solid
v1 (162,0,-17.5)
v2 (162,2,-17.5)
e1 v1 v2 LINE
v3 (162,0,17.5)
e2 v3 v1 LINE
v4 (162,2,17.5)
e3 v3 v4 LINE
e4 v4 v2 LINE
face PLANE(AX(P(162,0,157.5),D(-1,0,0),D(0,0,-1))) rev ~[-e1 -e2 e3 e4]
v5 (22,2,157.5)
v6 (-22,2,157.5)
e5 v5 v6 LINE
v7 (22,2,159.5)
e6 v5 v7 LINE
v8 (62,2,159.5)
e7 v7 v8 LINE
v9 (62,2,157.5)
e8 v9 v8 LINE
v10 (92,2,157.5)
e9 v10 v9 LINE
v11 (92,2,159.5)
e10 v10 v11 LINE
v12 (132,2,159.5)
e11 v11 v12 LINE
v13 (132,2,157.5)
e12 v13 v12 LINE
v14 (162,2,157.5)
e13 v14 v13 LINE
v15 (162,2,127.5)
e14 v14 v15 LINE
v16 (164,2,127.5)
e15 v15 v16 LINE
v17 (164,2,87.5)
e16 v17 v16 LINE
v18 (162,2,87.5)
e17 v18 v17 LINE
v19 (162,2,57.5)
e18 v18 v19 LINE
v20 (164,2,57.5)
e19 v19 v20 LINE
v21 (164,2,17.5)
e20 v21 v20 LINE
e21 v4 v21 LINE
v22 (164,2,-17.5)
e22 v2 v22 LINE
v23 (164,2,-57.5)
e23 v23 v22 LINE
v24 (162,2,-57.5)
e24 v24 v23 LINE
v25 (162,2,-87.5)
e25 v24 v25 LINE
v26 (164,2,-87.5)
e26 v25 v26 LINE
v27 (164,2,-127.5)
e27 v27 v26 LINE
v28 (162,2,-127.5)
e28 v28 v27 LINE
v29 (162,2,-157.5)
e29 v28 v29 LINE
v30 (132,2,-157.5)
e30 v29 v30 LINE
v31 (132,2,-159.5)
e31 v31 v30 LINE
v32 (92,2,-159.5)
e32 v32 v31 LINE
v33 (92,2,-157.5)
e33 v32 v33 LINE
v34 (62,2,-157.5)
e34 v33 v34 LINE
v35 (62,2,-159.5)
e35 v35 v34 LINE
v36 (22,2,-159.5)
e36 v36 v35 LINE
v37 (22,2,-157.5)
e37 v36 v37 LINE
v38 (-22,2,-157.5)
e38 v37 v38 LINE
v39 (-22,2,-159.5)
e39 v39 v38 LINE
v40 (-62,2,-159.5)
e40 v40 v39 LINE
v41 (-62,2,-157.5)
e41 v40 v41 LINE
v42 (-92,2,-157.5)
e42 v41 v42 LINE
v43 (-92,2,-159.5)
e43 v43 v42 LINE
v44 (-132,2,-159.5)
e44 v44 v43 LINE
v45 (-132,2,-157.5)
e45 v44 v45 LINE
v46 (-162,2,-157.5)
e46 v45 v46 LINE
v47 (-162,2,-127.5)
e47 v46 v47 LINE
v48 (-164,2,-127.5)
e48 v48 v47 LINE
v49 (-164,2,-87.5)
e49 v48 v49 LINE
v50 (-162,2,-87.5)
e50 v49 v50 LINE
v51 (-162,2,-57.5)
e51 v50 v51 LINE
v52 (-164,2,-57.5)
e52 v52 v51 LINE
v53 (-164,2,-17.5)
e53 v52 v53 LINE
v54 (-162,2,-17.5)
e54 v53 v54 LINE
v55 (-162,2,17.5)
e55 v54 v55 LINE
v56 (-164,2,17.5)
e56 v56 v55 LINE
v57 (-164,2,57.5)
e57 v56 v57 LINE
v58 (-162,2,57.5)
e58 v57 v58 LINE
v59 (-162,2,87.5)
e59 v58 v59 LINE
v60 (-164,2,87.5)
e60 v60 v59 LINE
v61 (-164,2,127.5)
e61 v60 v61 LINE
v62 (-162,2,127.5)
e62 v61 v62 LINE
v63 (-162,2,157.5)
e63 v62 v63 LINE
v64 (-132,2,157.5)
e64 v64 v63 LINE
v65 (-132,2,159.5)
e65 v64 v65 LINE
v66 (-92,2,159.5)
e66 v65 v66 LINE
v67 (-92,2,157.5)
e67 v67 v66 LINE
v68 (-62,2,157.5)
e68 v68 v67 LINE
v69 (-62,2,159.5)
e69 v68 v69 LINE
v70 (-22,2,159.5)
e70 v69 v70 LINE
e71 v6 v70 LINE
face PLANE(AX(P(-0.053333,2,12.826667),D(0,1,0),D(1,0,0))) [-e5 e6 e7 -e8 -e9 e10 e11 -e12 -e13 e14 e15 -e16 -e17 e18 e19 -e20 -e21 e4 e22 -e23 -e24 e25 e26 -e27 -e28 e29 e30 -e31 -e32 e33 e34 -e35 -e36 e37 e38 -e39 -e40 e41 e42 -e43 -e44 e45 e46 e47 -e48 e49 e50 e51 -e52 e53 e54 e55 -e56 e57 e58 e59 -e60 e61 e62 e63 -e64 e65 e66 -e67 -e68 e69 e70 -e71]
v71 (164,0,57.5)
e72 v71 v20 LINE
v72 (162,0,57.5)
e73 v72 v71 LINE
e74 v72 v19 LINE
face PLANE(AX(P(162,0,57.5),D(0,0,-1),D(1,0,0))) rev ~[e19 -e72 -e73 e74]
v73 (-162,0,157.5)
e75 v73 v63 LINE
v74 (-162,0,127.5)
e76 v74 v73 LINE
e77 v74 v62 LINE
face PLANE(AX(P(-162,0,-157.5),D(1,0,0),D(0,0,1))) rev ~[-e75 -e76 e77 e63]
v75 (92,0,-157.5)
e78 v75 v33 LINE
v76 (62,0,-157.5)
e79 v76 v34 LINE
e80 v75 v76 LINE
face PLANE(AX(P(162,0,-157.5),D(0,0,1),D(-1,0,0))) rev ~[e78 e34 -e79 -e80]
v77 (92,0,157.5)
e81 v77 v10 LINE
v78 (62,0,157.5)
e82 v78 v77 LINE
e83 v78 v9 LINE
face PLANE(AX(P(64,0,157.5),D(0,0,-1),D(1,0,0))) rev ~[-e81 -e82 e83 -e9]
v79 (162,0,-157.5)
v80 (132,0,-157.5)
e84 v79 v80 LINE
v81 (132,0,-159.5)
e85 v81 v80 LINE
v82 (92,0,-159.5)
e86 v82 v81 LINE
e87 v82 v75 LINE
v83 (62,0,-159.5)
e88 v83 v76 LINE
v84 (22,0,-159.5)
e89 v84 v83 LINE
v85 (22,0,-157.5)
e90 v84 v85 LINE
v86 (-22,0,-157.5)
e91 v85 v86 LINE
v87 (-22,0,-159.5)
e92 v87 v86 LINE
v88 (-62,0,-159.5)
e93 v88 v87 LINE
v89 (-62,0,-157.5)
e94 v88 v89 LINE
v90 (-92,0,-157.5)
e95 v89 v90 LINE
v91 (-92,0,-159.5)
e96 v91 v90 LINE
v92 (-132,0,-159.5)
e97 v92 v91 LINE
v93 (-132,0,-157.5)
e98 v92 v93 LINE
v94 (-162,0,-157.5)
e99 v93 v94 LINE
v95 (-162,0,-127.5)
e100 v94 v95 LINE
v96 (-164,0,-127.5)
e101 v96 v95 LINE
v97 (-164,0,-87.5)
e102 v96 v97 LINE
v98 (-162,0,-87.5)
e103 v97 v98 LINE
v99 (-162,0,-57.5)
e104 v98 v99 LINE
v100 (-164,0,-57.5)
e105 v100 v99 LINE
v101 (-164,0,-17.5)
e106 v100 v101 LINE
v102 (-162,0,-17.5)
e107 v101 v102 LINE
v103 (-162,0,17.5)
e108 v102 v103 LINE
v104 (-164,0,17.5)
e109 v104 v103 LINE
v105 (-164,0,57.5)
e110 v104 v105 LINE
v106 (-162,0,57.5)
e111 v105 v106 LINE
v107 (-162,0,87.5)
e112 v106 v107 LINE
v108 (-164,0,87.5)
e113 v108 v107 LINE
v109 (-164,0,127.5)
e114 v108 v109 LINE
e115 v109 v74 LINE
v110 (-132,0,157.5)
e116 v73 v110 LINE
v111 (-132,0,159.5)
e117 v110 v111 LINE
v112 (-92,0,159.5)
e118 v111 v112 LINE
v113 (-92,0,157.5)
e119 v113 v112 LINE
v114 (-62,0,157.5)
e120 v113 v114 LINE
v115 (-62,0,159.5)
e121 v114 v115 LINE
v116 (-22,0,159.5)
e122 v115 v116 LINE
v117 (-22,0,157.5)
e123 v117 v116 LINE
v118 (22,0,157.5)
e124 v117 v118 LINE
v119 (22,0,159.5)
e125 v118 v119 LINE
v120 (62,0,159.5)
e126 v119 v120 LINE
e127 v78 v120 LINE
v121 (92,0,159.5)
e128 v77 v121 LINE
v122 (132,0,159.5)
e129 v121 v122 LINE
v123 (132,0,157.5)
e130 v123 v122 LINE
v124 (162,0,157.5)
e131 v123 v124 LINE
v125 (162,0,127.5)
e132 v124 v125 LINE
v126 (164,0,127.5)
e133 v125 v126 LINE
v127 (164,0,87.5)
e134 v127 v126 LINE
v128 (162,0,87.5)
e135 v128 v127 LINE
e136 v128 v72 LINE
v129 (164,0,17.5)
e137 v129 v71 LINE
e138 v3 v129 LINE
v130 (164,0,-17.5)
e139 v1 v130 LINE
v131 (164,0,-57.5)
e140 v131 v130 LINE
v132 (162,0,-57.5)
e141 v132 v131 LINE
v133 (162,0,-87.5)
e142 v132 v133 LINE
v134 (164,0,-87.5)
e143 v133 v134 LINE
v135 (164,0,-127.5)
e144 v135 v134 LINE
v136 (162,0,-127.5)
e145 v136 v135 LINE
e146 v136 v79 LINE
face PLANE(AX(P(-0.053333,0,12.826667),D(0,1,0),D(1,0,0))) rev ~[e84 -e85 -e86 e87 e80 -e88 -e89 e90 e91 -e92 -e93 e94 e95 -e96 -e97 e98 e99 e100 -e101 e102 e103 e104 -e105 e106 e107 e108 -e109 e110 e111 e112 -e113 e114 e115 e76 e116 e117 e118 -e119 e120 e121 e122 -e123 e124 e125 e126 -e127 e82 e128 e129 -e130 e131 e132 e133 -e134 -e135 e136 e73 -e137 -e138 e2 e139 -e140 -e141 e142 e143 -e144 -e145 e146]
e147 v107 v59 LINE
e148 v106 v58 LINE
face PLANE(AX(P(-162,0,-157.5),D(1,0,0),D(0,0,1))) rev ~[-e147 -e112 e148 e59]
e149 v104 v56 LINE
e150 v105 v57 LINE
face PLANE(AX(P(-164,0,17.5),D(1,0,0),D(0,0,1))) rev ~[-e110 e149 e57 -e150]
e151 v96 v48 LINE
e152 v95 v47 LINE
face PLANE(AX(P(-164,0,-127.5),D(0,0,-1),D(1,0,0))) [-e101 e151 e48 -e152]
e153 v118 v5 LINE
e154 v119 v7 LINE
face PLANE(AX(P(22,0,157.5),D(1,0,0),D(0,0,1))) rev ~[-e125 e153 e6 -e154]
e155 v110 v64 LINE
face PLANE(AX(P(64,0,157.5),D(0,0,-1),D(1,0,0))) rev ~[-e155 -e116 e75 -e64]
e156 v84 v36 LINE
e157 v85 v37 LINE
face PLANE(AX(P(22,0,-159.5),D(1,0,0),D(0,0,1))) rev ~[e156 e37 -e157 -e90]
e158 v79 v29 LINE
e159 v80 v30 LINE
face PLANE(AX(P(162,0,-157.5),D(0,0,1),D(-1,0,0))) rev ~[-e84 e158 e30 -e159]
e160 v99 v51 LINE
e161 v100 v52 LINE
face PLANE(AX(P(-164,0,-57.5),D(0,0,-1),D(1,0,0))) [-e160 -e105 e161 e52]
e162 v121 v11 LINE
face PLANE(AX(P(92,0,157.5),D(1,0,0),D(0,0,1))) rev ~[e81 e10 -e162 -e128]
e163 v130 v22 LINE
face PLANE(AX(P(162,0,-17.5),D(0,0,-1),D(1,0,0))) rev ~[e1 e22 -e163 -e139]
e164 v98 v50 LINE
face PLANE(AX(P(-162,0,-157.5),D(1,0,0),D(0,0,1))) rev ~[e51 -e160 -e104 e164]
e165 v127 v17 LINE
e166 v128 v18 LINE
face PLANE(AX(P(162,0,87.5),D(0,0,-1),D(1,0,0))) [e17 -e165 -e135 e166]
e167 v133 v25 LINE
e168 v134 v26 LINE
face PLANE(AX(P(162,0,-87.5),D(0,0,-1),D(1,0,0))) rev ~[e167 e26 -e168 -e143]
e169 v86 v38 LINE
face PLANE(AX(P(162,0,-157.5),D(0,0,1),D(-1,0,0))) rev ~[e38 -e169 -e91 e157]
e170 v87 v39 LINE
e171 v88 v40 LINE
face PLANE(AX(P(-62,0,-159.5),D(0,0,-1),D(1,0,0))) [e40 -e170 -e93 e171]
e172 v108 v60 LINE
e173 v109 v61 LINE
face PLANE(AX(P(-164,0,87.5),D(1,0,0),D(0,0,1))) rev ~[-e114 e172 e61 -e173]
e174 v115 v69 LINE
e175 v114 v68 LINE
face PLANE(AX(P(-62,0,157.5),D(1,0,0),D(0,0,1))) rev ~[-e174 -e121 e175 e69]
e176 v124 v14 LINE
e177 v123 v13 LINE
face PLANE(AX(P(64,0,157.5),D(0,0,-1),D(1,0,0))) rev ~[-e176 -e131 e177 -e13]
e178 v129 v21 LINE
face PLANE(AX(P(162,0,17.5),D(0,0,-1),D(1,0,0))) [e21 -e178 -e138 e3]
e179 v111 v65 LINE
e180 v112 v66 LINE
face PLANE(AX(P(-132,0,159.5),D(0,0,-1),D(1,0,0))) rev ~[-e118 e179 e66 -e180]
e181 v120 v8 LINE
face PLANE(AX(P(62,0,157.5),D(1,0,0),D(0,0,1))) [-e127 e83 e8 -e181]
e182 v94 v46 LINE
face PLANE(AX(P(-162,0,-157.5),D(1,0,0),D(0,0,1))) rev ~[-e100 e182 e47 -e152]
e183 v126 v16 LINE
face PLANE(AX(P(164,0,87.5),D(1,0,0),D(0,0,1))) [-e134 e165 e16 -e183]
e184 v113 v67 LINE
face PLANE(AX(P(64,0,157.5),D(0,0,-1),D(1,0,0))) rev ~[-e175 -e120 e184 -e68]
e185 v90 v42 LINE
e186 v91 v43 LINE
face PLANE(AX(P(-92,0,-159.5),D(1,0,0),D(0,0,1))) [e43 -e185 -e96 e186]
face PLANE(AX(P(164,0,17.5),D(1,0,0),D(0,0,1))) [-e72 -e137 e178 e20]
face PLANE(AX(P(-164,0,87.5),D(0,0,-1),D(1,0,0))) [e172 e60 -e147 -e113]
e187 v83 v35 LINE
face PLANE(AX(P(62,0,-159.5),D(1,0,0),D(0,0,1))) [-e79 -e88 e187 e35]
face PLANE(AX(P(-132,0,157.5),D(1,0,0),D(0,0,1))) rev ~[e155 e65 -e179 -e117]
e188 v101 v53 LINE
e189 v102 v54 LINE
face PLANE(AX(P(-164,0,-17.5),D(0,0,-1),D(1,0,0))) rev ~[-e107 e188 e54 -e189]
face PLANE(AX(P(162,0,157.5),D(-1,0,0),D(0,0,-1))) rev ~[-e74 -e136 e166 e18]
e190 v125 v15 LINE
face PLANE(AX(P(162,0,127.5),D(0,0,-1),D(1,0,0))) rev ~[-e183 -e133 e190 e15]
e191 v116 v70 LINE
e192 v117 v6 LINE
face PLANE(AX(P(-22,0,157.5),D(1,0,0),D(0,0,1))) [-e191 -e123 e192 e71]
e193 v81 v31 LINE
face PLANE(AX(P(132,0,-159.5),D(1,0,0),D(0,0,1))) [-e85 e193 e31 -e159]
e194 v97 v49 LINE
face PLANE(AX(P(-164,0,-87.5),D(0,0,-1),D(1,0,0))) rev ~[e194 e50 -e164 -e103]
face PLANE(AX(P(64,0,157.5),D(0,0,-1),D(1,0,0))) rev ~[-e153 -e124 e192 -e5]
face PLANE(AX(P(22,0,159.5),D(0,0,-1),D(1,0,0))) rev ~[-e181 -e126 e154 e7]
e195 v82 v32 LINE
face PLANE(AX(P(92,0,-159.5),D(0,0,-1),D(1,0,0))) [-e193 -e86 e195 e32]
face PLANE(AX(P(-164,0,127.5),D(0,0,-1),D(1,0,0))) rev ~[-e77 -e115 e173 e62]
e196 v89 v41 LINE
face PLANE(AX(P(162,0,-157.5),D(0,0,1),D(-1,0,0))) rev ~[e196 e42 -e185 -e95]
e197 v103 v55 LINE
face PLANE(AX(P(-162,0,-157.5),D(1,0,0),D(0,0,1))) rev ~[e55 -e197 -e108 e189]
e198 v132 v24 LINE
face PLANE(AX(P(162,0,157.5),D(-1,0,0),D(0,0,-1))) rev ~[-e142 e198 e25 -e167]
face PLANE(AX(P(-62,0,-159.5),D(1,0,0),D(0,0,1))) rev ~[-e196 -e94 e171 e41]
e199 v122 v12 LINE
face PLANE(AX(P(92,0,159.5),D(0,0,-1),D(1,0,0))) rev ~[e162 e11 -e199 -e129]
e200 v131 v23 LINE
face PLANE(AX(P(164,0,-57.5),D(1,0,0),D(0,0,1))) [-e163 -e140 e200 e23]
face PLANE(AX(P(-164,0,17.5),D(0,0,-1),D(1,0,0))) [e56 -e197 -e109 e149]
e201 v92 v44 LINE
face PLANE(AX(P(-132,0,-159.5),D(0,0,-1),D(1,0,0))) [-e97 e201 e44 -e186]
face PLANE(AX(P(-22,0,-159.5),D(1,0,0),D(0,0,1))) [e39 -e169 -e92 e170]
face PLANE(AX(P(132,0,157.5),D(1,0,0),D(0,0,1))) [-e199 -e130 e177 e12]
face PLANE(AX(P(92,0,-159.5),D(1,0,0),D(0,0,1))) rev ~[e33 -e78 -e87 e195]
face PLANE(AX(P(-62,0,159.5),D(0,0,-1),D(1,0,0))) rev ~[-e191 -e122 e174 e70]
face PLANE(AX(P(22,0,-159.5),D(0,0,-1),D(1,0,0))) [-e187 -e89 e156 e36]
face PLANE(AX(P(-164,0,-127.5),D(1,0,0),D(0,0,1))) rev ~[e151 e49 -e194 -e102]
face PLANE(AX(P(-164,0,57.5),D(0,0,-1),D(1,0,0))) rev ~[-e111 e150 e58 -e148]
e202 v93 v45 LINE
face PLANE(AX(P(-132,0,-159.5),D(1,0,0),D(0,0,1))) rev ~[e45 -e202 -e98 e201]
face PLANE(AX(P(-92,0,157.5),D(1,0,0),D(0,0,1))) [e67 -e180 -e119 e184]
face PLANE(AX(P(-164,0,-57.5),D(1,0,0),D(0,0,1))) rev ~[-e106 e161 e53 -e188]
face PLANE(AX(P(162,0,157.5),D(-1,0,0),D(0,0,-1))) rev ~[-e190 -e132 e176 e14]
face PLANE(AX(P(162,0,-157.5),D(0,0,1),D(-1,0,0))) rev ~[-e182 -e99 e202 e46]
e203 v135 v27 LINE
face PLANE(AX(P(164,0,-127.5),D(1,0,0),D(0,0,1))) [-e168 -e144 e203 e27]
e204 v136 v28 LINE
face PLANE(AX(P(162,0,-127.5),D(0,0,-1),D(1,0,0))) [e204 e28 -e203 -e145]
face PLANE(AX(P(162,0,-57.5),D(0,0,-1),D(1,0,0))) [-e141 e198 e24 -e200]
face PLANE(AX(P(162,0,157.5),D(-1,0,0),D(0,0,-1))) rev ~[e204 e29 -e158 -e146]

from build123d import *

# Parameters (mm, degrees)
SKETCH1_R               = 4.25
BOSS_EXTRUDE1_DEPTH     = 2
CUT_EXTRUDE1_DEPTH      = 253.36927309
CUT_EXTRUDE1_DEPTH_BACK = 253.36927309
SKETCH2_W               = 130
SKETCH2_H               = 36
SKETCH5_W               = 2
SKETCH5_H               = 40
SKETCH5_W_2             = 40
SKETCH5_H_2             = 2
BOSS_EXTRUDE2_DEPTH     = 2


with BuildPart() as part:
    # Sketch1 → Boss-Extrude1 (new body)
    with BuildSketch(Plane(origin=(0, 0, 0), x_dir=(1, 0, 0), z_dir=(0, 1, 0))):
        Polygon((64, -157.5), (162, -157.5), (162, 157.5), (-162, 157.5), (-162, -157.5), (-66, -157.5), (-66, -193.5), (64, -193.5), align=None)
        with Locations(Location((-51, -175.5, 0), (0, 0, 270))):
            Circle(SKETCH1_R, mode=Mode.SUBTRACT)
        with Locations(Location((49, -175.5, 0), (0, 0, 270))):
            Circle(SKETCH1_R, mode=Mode.SUBTRACT)
    extrude(amount=BOSS_EXTRUDE1_DEPTH)

    # Sketch2 → Cut-Extrude1 (cut, two sides: drawn at the far end of the back side and taken through both)
    with BuildSketch(Plane(origin=(0, 2, 0), x_dir=(1, 0, 0), z_dir=(0, 1, 0)).offset(-CUT_EXTRUDE1_DEPTH_BACK)):
        with Locations((-1, -175.5)):
            Rectangle(SKETCH2_W, SKETCH2_H)
    extrude(amount=CUT_EXTRUDE1_DEPTH + CUT_EXTRUDE1_DEPTH_BACK, mode=Mode.SUBTRACT)

    # Sketch5 → Boss-Extrude2 (add)
    with BuildSketch(Plane.XZ):
        with Locations((-163, 107.5)):
            Rectangle(SKETCH5_W, SKETCH5_H)
        with Locations((-163, 37.5)):
            Rectangle(SKETCH5_W, SKETCH5_H)
        with Locations((-112, 158.5)):
            Rectangle(SKETCH5_W_2, SKETCH5_H_2)
        with Locations((-42, 158.5)):
            Rectangle(SKETCH5_W_2, SKETCH5_H_2)
        with Locations((-163, -107.5)):
            Rectangle(SKETCH5_W, SKETCH5_H)
        with Locations((-163, -37.5)):
            Rectangle(SKETCH5_W, SKETCH5_H)
        with Locations((-112, -158.5)):
            Rectangle(SKETCH5_W_2, SKETCH5_H_2)
        with Locations((-42, -158.5)):
            Rectangle(SKETCH5_W_2, SKETCH5_H_2)
        with Locations((42, -158.5)):
            Rectangle(SKETCH5_W_2, SKETCH5_H_2)
        with Locations((112, -158.5)):
            Rectangle(SKETCH5_W_2, SKETCH5_H_2)
        with Locations((163, -37.5)):
            Rectangle(SKETCH5_W, SKETCH5_H)
        with Locations((163, -107.5)):
            Rectangle(SKETCH5_W, SKETCH5_H)
        with Locations((42, 158.5)):
            Rectangle(SKETCH5_W_2, SKETCH5_H_2)
        with Locations((112, 158.5)):
            Rectangle(SKETCH5_W_2, SKETCH5_H_2)
        with Locations((163, 37.5)):
            Rectangle(SKETCH5_W, SKETCH5_H)
        with Locations((163, 107.5)):
            Rectangle(SKETCH5_W, SKETCH5_H)
    extrude(amount=-BOSS_EXTRUDE2_DEPTH)


solid = part.part
